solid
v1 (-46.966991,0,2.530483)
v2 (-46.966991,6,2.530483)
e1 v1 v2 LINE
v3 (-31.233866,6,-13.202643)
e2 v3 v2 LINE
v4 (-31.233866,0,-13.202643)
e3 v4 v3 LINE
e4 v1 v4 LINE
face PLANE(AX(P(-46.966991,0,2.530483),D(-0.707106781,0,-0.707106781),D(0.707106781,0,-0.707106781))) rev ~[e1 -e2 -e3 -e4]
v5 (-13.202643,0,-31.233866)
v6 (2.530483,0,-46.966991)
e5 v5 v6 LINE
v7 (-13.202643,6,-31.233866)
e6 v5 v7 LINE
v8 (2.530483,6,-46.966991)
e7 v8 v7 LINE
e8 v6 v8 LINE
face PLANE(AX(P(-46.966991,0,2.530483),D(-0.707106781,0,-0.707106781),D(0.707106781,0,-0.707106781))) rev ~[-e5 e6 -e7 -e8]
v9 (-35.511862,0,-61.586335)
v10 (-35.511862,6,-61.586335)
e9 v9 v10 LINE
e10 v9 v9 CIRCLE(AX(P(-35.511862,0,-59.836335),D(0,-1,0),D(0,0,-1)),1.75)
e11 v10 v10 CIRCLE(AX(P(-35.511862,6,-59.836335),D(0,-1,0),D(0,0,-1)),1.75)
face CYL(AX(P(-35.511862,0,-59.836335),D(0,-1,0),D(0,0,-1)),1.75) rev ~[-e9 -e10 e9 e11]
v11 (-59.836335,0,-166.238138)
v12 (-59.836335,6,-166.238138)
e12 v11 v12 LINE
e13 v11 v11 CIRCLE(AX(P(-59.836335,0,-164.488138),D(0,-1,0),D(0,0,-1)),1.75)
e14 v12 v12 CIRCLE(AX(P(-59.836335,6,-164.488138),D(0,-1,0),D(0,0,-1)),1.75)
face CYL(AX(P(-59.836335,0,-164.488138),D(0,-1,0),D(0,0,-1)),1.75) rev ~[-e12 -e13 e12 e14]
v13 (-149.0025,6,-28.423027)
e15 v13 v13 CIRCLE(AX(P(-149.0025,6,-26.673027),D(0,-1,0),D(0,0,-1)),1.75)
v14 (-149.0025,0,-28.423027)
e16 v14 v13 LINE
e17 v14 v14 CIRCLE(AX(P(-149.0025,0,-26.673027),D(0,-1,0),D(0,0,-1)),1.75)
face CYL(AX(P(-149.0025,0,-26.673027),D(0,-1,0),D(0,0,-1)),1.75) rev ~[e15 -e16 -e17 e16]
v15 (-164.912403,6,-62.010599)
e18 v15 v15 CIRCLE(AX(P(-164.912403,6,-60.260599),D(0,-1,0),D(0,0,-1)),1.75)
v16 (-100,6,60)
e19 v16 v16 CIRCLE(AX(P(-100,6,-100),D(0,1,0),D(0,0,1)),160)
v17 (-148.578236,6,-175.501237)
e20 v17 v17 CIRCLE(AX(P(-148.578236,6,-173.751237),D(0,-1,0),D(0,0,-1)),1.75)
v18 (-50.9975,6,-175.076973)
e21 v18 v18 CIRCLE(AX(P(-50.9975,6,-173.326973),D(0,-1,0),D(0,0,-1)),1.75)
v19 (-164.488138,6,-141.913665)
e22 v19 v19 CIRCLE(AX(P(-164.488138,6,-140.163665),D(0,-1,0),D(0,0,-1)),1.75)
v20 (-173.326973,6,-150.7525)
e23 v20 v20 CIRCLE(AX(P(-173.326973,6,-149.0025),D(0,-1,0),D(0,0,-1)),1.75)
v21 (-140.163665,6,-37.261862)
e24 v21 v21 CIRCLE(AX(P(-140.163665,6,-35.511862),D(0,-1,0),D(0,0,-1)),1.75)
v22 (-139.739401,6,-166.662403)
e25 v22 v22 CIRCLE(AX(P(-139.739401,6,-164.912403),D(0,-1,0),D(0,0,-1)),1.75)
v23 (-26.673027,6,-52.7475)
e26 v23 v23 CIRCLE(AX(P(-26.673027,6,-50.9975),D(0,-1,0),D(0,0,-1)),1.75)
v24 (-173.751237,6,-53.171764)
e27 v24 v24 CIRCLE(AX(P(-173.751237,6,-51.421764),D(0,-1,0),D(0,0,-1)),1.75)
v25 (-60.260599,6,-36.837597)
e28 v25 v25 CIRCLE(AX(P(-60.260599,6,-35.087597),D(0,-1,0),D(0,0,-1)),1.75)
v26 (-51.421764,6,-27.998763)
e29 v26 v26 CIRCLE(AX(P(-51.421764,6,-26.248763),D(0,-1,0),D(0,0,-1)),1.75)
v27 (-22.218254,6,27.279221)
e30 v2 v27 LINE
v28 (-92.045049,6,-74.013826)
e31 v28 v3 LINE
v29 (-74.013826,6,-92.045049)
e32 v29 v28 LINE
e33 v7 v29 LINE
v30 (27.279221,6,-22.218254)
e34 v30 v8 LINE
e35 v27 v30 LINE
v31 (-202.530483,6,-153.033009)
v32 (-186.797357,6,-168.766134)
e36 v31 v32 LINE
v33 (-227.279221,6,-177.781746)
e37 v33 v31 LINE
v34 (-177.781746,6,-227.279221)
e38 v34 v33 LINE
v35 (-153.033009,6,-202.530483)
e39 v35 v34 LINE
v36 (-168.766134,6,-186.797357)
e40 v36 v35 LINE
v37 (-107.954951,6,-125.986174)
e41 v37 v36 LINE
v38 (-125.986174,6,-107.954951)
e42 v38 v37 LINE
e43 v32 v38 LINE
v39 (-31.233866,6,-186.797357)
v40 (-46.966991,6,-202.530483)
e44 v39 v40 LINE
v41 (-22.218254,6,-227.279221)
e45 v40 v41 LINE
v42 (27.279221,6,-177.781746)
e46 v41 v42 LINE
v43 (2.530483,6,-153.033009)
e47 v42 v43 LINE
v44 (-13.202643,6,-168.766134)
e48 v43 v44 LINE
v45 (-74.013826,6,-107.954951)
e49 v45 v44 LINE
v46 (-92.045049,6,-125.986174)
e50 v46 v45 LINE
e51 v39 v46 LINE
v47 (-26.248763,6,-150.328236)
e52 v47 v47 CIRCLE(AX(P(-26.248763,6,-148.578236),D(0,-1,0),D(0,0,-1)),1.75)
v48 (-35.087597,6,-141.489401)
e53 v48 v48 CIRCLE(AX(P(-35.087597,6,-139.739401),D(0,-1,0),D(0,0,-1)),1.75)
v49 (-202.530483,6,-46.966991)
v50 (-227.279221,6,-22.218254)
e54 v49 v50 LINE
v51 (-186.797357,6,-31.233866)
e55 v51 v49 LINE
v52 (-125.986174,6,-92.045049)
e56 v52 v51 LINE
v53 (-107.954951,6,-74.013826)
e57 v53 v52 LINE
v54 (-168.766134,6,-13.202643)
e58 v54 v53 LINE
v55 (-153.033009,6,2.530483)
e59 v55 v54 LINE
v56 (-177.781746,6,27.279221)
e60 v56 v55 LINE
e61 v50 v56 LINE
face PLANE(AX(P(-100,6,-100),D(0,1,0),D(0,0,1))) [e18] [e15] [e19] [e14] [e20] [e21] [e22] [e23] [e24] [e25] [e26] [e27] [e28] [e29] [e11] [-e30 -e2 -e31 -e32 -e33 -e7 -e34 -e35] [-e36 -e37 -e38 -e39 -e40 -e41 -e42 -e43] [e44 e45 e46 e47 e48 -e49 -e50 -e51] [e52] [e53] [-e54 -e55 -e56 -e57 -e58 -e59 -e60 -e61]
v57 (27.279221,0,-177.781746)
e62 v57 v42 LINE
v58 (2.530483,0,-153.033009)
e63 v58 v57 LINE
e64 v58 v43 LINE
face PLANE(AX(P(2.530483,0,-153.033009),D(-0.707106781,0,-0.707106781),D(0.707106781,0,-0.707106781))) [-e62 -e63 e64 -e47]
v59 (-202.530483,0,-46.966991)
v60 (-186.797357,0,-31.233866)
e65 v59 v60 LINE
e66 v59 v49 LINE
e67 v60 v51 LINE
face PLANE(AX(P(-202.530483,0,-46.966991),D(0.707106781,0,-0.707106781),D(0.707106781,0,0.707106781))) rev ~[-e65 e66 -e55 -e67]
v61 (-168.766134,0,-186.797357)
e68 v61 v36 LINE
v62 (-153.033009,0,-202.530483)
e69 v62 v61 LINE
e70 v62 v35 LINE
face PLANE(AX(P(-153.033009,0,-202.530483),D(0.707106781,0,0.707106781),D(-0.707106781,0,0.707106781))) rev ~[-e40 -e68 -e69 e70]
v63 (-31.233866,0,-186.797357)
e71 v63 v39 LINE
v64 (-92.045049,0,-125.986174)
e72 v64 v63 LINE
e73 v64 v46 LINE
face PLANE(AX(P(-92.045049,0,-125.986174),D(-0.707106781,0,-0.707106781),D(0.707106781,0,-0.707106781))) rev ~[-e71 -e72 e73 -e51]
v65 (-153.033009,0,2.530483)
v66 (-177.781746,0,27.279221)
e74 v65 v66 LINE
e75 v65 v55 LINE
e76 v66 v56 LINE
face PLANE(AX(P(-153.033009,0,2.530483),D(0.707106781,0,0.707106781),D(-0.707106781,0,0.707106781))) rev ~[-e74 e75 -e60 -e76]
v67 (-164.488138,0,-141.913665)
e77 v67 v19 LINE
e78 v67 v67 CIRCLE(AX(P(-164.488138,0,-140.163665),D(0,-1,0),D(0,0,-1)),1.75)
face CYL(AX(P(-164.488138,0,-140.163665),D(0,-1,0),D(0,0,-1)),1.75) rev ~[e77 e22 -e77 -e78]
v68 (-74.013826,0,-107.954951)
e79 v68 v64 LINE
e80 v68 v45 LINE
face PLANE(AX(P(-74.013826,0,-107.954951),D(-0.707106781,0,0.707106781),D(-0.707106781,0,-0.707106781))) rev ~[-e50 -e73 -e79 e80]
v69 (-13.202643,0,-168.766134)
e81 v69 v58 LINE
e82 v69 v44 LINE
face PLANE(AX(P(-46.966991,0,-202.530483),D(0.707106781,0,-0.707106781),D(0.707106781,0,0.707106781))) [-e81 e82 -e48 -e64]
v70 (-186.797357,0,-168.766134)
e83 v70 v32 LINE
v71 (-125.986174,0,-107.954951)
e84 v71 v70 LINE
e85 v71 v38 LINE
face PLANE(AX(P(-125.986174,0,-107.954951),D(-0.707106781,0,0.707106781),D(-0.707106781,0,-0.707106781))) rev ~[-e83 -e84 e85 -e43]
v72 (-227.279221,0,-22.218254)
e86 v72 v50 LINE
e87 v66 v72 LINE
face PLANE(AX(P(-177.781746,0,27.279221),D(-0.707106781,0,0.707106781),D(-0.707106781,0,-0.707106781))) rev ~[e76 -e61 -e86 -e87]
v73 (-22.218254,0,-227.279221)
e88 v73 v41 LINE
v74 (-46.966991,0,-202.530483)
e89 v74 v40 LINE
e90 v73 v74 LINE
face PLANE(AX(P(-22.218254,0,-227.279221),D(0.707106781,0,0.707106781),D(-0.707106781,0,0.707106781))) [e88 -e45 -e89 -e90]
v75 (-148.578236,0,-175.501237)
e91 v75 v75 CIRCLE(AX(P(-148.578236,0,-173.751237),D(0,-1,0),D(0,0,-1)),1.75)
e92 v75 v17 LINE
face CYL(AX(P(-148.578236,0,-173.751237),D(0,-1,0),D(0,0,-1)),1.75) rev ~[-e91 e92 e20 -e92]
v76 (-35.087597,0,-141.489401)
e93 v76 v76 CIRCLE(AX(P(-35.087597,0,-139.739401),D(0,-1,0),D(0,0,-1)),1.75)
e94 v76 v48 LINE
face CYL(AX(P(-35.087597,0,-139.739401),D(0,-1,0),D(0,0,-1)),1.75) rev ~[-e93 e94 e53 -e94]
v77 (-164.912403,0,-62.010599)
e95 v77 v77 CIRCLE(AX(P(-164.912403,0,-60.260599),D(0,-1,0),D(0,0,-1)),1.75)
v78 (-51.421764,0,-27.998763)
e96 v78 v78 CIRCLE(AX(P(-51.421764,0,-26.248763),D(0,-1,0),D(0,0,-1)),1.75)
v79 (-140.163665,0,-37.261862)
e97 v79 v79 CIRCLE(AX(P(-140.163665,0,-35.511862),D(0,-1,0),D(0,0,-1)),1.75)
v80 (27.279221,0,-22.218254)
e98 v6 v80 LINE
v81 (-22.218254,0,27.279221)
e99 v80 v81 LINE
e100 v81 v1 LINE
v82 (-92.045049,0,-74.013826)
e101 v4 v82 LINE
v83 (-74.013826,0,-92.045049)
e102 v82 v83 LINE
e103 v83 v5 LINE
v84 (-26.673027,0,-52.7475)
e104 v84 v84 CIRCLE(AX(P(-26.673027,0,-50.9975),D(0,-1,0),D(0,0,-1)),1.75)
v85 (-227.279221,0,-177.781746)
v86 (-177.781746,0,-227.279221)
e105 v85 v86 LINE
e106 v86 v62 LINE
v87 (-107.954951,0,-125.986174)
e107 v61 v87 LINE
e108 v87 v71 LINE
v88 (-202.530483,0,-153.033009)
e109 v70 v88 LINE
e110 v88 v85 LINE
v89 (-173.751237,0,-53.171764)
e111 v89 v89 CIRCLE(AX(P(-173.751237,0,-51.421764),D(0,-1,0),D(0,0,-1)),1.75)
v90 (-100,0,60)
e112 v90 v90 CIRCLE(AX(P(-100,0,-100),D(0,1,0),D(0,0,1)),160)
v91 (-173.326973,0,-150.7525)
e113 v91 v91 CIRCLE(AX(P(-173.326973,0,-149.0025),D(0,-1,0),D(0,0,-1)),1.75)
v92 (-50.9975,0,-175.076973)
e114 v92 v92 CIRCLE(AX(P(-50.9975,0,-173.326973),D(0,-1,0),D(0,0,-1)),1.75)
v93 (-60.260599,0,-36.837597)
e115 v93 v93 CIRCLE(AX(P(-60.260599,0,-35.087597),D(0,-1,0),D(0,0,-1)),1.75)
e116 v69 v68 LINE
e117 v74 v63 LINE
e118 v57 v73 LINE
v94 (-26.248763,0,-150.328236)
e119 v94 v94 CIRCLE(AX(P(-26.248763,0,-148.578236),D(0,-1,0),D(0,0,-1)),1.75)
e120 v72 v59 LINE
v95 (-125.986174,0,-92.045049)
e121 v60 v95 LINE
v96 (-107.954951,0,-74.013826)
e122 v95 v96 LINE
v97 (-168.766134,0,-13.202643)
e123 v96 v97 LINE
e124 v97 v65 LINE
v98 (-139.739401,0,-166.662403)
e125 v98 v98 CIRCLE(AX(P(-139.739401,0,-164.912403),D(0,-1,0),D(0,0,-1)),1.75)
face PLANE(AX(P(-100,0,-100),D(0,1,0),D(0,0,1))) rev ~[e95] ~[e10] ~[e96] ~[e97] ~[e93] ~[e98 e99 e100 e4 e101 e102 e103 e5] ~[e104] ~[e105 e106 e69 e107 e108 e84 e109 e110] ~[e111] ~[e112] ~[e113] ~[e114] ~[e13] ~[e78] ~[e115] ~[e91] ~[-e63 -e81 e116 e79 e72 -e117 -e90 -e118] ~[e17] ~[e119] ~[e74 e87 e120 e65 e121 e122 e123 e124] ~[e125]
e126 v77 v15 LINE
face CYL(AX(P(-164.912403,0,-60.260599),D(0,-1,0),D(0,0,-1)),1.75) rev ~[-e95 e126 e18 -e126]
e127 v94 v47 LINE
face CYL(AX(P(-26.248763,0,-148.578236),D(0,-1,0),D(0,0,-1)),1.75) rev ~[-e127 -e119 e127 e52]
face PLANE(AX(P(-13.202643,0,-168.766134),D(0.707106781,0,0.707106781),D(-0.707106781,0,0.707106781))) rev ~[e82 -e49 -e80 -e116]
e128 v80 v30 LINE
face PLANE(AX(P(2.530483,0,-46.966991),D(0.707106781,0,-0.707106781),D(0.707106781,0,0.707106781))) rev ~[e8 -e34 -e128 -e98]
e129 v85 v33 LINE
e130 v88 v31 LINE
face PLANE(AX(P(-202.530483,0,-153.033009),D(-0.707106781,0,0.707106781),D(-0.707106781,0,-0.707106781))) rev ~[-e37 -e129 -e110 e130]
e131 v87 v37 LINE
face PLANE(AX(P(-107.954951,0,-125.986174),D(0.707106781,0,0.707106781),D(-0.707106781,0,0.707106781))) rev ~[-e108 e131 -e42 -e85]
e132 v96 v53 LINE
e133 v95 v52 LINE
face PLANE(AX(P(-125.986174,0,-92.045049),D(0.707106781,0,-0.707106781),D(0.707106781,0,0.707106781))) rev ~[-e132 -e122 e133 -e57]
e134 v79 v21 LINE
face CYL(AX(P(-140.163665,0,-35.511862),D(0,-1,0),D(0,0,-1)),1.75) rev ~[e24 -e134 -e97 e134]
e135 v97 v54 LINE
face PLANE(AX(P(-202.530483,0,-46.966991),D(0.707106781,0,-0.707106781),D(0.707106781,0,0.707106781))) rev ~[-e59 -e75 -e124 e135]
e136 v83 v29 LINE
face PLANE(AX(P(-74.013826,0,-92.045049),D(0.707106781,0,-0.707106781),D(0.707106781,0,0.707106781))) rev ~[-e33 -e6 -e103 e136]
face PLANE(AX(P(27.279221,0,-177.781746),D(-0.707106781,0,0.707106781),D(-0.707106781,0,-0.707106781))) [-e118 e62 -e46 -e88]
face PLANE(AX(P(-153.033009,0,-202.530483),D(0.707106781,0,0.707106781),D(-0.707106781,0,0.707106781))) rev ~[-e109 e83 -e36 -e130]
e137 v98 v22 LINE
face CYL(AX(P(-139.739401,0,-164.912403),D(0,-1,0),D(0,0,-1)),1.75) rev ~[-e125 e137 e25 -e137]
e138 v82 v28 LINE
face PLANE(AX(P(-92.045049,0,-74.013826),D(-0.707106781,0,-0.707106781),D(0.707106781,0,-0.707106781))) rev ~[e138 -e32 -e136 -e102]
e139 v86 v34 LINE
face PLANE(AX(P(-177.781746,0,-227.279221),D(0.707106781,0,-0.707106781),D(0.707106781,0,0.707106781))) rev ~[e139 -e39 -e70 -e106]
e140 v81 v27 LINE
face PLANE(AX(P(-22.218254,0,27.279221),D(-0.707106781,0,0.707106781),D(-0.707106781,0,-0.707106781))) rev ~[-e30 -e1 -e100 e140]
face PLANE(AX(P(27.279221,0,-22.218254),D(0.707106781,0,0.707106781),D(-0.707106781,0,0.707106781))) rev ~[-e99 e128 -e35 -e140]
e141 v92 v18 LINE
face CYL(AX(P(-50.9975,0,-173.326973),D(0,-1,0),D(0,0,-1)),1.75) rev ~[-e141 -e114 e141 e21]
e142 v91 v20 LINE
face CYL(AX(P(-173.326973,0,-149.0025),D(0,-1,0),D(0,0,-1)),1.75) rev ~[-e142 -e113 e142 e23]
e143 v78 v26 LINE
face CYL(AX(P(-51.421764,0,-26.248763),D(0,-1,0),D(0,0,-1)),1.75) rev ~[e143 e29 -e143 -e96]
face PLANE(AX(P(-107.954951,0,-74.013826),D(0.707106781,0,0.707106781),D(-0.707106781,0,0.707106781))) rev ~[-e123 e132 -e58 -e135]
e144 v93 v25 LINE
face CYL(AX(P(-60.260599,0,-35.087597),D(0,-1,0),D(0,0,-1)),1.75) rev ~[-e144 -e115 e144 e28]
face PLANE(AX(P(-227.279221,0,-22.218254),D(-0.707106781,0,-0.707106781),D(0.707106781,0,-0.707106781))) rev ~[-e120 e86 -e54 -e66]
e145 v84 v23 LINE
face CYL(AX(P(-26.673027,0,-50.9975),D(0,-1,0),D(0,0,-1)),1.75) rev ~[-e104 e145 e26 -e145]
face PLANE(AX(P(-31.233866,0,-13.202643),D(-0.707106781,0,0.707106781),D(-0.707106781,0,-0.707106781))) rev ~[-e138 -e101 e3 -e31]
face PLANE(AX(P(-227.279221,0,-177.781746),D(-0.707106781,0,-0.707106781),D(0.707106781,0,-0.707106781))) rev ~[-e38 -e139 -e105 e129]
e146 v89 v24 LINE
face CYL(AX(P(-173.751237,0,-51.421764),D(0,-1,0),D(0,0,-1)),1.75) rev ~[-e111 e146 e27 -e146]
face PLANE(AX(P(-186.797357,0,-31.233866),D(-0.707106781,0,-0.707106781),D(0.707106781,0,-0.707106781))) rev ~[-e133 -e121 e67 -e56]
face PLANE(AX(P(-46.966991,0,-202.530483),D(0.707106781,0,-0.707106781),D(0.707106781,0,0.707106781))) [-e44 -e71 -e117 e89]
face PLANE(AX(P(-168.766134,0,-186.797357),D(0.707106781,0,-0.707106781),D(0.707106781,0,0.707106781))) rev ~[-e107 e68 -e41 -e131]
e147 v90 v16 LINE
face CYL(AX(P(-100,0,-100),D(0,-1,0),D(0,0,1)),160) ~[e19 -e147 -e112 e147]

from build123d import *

# Parameters (mm, degrees)
SKETCH1_R           = 160
BOSS_EXTRUDE1_DEPTH = 6
CUT_EXTRUDE1_DEPTH  = 368.744476505
CUT_EXTRUDE2_DEPTH  = 368.744476505
SKETCH7_R           = 1.75
CUT_EXTRUDE3_DEPTH  = 368.744476505


with BuildPart() as part:
    # Sketch1 → Boss-Extrude1 (new body)
    with BuildSketch(Plane(origin=(0, 0, 0), x_dir=(1, 0, 0), z_dir=(0, 1, 0))):
        with Locations(Location((-100, 100, 0), (0, 0, 270))):
            Circle(SKETCH1_R)
    extrude(amount=BOSS_EXTRUDE1_DEPTH)

    # Sketch3 → Cut-Extrude1 (cut, through all)
    with BuildSketch(Plane.XZ):
        Polygon((-22.218254069, -227.279220614), (-46.966991411, -202.530483272), (2.530483272, -153.033008589), (27.279220614, -177.781745931), align=None)
        Polygon((2.530483272, -46.966991411), (27.279220614, -22.218254069), (-22.218254069, 27.279220614), (-46.966991411, 2.530483272), align=None)
        Polygon((-153.033008589, 2.530483272), (-177.781745931, 27.279220614), (-227.279220614, -22.218254069), (-202.530483272, -46.966991411), align=None)
        Polygon((-177.781745931, -227.279220614), (-153.033008589, -202.530483272), (-202.530483272, -153.033008589), (-227.279220614, -177.781745931), align=None)
    extrude(amount=-CUT_EXTRUDE1_DEPTH, mode=Mode.SUBTRACT)

    # Sketch4 → Cut-Extrude2 (cut, through all)
    with BuildSketch(Plane.XZ):
        Polygon((-31.23386553, -186.797357391), (-13.202642609, -168.76613447), (-74.013825791, -107.954951288), (-92.045048712, -125.986174209), align=None)
        Polygon((-125.986174209, -107.954951288), (-186.797357391, -168.76613447), (-168.76613447, -186.797357391), (-107.954951288, -125.986174209), align=None)
        Polygon((-107.954951288, -74.013825791), (-168.76613447, -13.202642609), (-186.797357391, -31.23386553), (-125.986174209, -92.045048712), align=None)
        Polygon((-74.013825791, -92.045048712), (-13.202642609, -31.23386553), (-31.23386553, -13.202642609), (-92.045048712, -74.013825791), align=None)
    extrude(amount=-CUT_EXTRUDE2_DEPTH, mode=Mode.SUBTRACT)

    # Sketch7 → Cut-Extrude3 (cut, through all)
    with BuildSketch(Plane.XZ):
        with Locations(Location((-149.002499936, -26.673026791, 0), (0, 0, 270))):
            Circle(SKETCH7_R)
        with Locations(Location((-148.578235868, -173.751237278, 0), (0, 0, 270))):
            Circle(SKETCH7_R)
        with Locations(Location((-140.163665171, -35.511861556, 0), (0, 0, 270))):
            Circle(SKETCH7_R)
        with Locations(Location((-164.912402513, -60.260598897, 0), (0, 0, 270))):
            Circle(SKETCH7_R)
        with Locations(Location((-173.751237278, -51.421764132, 0), (0, 0, 270))):
            Circle(SKETCH7_R)
        with Locations(Location((-173.326973209, -149.002499936, 0), (0, 0, 270))):
            Circle(SKETCH7_R)
        with Locations(Location((-164.488138444, -140.163665171, 0), (0, 0, 270))):
            Circle(SKETCH7_R)
        with Locations(Location((-139.739401103, -164.912402513, 0), (0, 0, 270))):
            Circle(SKETCH7_R)
        with Locations(Location((-26.673026791, -50.997500064, 0), (0, 0, 270))):
            Circle(SKETCH7_R)
        with Locations(Location((-35.511861556, -59.836334829, 0), (0, 0, 270))):
            Circle(SKETCH7_R)
        with Locations(Location((-60.260598897, -35.087597487, 0), (0, 0, 270))):
            Circle(SKETCH7_R)
        with Locations(Location((-51.421764132, -26.248762722, 0), (0, 0, 270))):
            Circle(SKETCH7_R)
        with Locations(Location((-50.997500064, -173.326973209, 0), (0, 0, 270))):
            Circle(SKETCH7_R)
        with Locations(Location((-59.836334829, -164.488138444, 0), (0, 0, 270))):
            Circle(SKETCH7_R)
        with Locations(Location((-35.087597487, -139.739401103, 0), (0, 0, 270))):
            Circle(SKETCH7_R)
        with Locations(Location((-26.248762722, -148.578235868, 0), (0, 0, 270))):
            Circle(SKETCH7_R)
    extrude(amount=-CUT_EXTRUDE3_DEPTH, mode=Mode.SUBTRACT)


solid = part.part
